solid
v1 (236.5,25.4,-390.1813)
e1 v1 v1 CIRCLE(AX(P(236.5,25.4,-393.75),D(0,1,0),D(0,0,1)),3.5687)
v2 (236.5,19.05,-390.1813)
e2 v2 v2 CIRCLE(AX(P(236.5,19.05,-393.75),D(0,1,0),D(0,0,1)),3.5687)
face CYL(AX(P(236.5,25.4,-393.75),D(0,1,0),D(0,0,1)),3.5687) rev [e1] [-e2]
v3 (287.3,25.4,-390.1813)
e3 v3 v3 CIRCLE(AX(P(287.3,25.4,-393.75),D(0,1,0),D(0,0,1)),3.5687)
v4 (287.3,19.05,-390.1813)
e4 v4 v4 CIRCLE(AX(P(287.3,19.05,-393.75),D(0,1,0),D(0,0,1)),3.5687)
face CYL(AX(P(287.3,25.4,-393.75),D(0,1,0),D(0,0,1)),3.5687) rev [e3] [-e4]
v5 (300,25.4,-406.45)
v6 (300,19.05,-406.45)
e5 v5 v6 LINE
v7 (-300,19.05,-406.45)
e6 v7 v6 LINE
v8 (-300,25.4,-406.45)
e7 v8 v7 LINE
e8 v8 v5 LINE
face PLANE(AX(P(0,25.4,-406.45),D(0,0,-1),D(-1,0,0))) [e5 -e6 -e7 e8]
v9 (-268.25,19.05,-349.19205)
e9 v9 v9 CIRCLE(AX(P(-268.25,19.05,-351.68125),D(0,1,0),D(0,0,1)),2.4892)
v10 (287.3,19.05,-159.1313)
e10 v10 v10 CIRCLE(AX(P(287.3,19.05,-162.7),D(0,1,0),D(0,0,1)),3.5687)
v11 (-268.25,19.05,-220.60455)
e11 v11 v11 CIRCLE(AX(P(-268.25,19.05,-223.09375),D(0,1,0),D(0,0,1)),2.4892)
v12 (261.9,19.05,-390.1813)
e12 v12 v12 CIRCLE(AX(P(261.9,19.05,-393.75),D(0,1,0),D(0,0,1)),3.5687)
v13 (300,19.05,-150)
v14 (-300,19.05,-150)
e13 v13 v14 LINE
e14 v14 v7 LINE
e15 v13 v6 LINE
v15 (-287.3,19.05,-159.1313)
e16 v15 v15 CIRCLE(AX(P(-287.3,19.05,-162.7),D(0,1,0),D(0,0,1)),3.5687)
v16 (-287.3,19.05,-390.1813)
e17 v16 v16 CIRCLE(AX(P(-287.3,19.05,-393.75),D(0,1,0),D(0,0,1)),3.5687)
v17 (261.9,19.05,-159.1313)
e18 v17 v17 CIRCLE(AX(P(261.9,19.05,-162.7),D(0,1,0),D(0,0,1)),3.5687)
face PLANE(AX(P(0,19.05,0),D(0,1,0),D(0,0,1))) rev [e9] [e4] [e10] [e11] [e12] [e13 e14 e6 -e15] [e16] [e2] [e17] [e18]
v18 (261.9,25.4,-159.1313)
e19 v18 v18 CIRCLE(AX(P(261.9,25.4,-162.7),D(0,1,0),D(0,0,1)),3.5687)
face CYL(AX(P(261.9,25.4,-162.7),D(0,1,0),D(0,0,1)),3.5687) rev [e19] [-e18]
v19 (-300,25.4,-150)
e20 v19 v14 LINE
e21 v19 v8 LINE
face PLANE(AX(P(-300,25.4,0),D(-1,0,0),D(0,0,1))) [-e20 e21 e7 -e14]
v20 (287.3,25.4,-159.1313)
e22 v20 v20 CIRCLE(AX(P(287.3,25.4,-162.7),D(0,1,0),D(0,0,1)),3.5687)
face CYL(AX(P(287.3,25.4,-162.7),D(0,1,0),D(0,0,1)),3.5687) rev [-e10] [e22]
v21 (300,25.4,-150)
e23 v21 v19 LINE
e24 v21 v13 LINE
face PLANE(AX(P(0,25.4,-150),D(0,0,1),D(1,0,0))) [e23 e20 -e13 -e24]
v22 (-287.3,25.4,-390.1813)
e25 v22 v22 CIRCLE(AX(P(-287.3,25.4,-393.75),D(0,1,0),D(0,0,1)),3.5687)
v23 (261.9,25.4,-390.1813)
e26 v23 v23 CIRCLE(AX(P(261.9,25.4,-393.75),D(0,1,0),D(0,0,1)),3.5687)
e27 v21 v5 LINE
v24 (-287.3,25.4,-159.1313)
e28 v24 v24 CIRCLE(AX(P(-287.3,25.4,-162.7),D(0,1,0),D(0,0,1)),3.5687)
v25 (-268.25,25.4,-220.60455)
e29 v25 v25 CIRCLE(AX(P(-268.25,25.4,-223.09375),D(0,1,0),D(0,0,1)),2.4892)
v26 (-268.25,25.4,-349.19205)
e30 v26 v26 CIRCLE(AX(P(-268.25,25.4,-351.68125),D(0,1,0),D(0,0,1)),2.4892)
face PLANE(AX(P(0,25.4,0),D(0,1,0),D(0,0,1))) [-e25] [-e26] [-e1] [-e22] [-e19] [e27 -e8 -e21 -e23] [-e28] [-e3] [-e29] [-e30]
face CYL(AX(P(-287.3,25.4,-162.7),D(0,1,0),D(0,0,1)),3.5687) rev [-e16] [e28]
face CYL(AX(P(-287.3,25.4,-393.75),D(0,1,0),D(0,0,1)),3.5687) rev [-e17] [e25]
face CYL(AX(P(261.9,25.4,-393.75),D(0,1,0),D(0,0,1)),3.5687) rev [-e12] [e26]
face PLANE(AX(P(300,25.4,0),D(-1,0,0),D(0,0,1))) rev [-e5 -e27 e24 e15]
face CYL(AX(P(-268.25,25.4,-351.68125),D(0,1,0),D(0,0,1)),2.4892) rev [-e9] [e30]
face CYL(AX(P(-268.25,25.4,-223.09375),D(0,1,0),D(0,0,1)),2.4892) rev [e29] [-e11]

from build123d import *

# Parameters (mm, degrees)
BOSS_EXTRUDE1_START              = 19.05
SKETCH2_W                        = 600
SKETCH2_H                        = 256.45
BOSS_EXTRUDE1_DEPTH              = 6.35
BOSS_EXTRUDE2_START              = 19.05
SKETCH2_4_W                      = 455.092
SKETCH2_4_H                      = 256.45
BOSS_EXTRUDE2_DEPTH              = 6.35
BOSS_EXTRUDE3_START              = 19.05
SKETCH2_5_W                      = 455.092
SKETCH2_5_H                      = 300
BOSS_EXTRUDE3_DEPTH              = 6.35
SKETCH8_W                        = 3.5687
SKETCH8_H                        = 6.35
F_1_4_CLEARANCE_HOLE2_AT_2_COUNT = 2
F_1_4_CLEARANCE_HOLE2_AT_2_PITCH = 231.05
F_1_4_CLEARANCE_HOLE2_AT_3_COUNT = 2
F_1_4_CLEARANCE_HOLE2_AT_3_PITCH = 595.822744195
F_1_4_CLEARANCE_HOLE2_AT_4_COUNT = 2
F_1_4_CLEARANCE_HOLE2_AT_4_PITCH = 619.31354135
F_1_4_CLEARANCE_HOLE2_AT_5_COUNT = 2
F_1_4_CLEARANCE_HOLE2_AT_5_PITCH = 523.8
F_1_4_CLEARANCE_HOLE2_AT_6_COUNT = 2
F_1_4_CLEARANCE_HOLE2_AT_6_PITCH = 549.2
F_1_4_CLEARANCE_HOLE2_AT_7_COUNT = 2
F_1_4_CLEARANCE_HOLE2_AT_7_PITCH = 574.6
SKETCH10_W                       = 3.5687
SKETCH10_H                       = 6.35
F_1_4_CLEARANCE_HOLE3_AT_2_COUNT = 2
F_1_4_CLEARANCE_HOLE3_AT_2_PITCH = 25.4
F_1_4_CLEARANCE_HOLE3_AT_3_COUNT = 2
F_1_4_CLEARANCE_HOLE3_AT_3_PITCH = 50.8
F_1_4_CLEARANCE_HOLE3_AT_4_COUNT = 2
F_1_4_CLEARANCE_HOLE3_AT_4_PITCH = 231.05
F_1_4_CLEARANCE_HOLE3_AT_5_COUNT = 2
F_1_4_CLEARANCE_HOLE3_AT_5_PITCH = 487.872234672
F_1_4_CLEARANCE_HOLE3_AT_6_COUNT = 2
F_1_4_CLEARANCE_HOLE3_AT_6_PITCH = 476.368698976
F_1_4_CLEARANCE_HOLE3_AT_7_COUNT = 2
F_1_4_CLEARANCE_HOLE3_AT_7_PITCH = 429.692
SKETCH12_W                       = 3.5687
SKETCH12_H                       = 6.35
F_1_4_CLEARANCE_HOLE4_AT_2_COUNT = 2
F_1_4_CLEARANCE_HOLE4_AT_2_PITCH = 25.4
F_1_4_CLEARANCE_HOLE4_AT_3_COUNT = 2
F_1_4_CLEARANCE_HOLE4_AT_3_PITCH = 249.2
F_1_4_CLEARANCE_HOLE4_AT_4_COUNT = 2
F_1_4_CLEARANCE_HOLE4_AT_4_PITCH = 496.725130091
F_1_4_CLEARANCE_HOLE4_AT_5_COUNT = 2
F_1_4_CLEARANCE_HOLE4_AT_5_PITCH = 429.692
F_1_4_CLEARANCE_HOLE4_AT_6_COUNT = 2
F_1_4_CLEARANCE_HOLE4_AT_6_PITCH = 430.442069115
SKETCH14_W                       = 2.4892
SKETCH14_H                       = 6.35
F_8_CLEARANCE_HOLE2_AT_2_COUNT   = 2
F_8_CLEARANCE_HOLE2_AT_2_PITCH   = 128.5875
SKETCH16_W                       = 2.4892
SKETCH16_H                       = 6.35
F_8_CLEARANCE_HOLE3_AT_2_COUNT   = 2
F_8_CLEARANCE_HOLE3_AT_2_PITCH   = 128.5875
SKETCH17_R                       = 3.5687
BOSS_EXTRUDE4_DEPTH              = 6.35
FILLET2_R                        = 6.35
SKETCH18_W                       = 152.4
SKETCH18_H                       = 25.4
SKETCH18_R                       = 3.5687
BOSS_EXTRUDE5_DEPTH              = 6.35
SKETCH19_W                       = 25.4
SKETCH19_H                       = 101.6
SKETCH19_R                       = 3.5687
BOSS_EXTRUDE6_DEPTH              = 6.35


with BuildPart() as part:
    # Sketch2 → Boss-Extrude1 (new body)
    with BuildSketch(Plane(origin=(0, 0, 0), x_dir=(1, 0, 0), z_dir=(0, 1, 0)).offset(BOSS_EXTRUDE1_START)):
        with Locations((0, 278.225)):
            Rectangle(SKETCH2_W, SKETCH2_H)
    extrude(amount=BOSS_EXTRUDE1_DEPTH)

    # Sketch8 → 1/4 Clearance Hole2 (revolve, cut)
    with BuildSketch(Plane(origin=(-287.3, 25.4, -393.75), x_dir=(0, 0, 1), z_dir=(1, 0, 0))):
        with Locations((1.78435, 3.175)):
            Rectangle(SKETCH8_W, SKETCH8_H)
    f_1_4_clearance_hole2 = revolve(axis=Axis((-287.3, 31.75, -393.75), (0, -1, 0)), mode=Mode.SUBTRACT)

    # 1/4 Clearance Hole2 at 2: 1/4 Clearance Hole2 ×2
    with Locations(*[(0, 0, i * F_1_4_CLEARANCE_HOLE2_AT_2_PITCH) for i in range(1, F_1_4_CLEARANCE_HOLE2_AT_2_COUNT)]):
        add(f_1_4_clearance_hole2, mode=Mode.SUBTRACT)

    # 1/4 Clearance Hole2 at 3: 1/4 Clearance Hole2 ×2
    with Locations(*[Vector(0.9217506470687957, 0, 0.3877831154501913) * (i * F_1_4_CLEARANCE_HOLE2_AT_3_PITCH) for i in range(1, F_1_4_CLEARANCE_HOLE2_AT_3_COUNT)]):
        add(f_1_4_clearance_hole2, mode=Mode.SUBTRACT)

    # 1/4 Clearance Hole2 at 4: 1/4 Clearance Hole2 ×2
    with Locations(*[Vector(0.9278014473041833, 0, 0.37307435502894426) * (i * F_1_4_CLEARANCE_HOLE2_AT_4_PITCH) for i in range(1, F_1_4_CLEARANCE_HOLE2_AT_4_COUNT)]):
        add(f_1_4_clearance_hole2, mode=Mode.SUBTRACT)

    # 1/4 Clearance Hole2 at 5: 1/4 Clearance Hole2 ×2
    with Locations(*[(i * F_1_4_CLEARANCE_HOLE2_AT_5_PITCH, 0, 0) for i in range(1, F_1_4_CLEARANCE_HOLE2_AT_5_COUNT)]):
        add(f_1_4_clearance_hole2, mode=Mode.SUBTRACT)

    # 1/4 Clearance Hole2 at 6: 1/4 Clearance Hole2 ×2
    with Locations(*[(i * F_1_4_CLEARANCE_HOLE2_AT_6_PITCH, 0, 0) for i in range(1, F_1_4_CLEARANCE_HOLE2_AT_6_COUNT)]):
        add(f_1_4_clearance_hole2, mode=Mode.SUBTRACT)

    # 1/4 Clearance Hole2 at 7: 1/4 Clearance Hole2 ×2
    with Locations(*[(i * F_1_4_CLEARANCE_HOLE2_AT_7_PITCH, 0, 0) for i in range(1, F_1_4_CLEARANCE_HOLE2_AT_7_COUNT)]):
        add(f_1_4_clearance_hole2, mode=Mode.SUBTRACT)

    # Sketch14 → #8 Clearance Hole2 (revolve, cut)
    with BuildSketch(Plane(origin=(-268.25, 25.4, -351.68125), x_dir=(0, 0, 1), z_dir=(1, 0, 0))):
        with Locations((1.2446, 3.175)):
            Rectangle(SKETCH14_W, SKETCH14_H)
    f_8_clearance_hole2 = revolve(axis=Axis((-268.25, 31.75, -351.68125), (0, -1, 0)), mode=Mode.SUBTRACT)

    # #8 Clearance Hole2 at 2: #8 Clearance Hole2 ×2
    with Locations(*[(0, 0, i * F_8_CLEARANCE_HOLE2_AT_2_PITCH) for i in range(1, F_8_CLEARANCE_HOLE2_AT_2_COUNT)]):
        add(f_8_clearance_hole2, mode=Mode.SUBTRACT)


with BuildPart() as body_2:
    # Sketch2<4> → Boss-Extrude2 (new body)
    with BuildSketch(Plane(origin=(0, 0, 0), x_dir=(1, 0, 0), z_dir=(0, 1, 0)).offset(BOSS_EXTRUDE2_START)):
        with Locations((527.546, 278.225)):
            Rectangle(SKETCH2_4_W, SKETCH2_4_H)
    extrude(amount=BOSS_EXTRUDE2_DEPTH)

    # Sketch10 → 1/4 Clearance Hole3 (revolve, cut)
    with BuildSketch(Plane(origin=(312.7, 25.4, -393.75), x_dir=(0, 0, 1), z_dir=(1, 0, 0))):
        with Locations((1.78435, 3.175)):
            Rectangle(SKETCH10_W, SKETCH10_H)
    f_1_4_clearance_hole3 = revolve(axis=Axis((312.7, 31.75, -393.75), (0, -1, 0)), mode=Mode.SUBTRACT)

    # 1/4 Clearance Hole3 at 2: 1/4 Clearance Hole3 ×2
    with Locations(*[(i * F_1_4_CLEARANCE_HOLE3_AT_2_PITCH, 0, 0) for i in range(1, F_1_4_CLEARANCE_HOLE3_AT_2_COUNT)]):
        add(f_1_4_clearance_hole3, mode=Mode.SUBTRACT)

    # 1/4 Clearance Hole3 at 3: 1/4 Clearance Hole3 ×2
    with Locations(*[(i * F_1_4_CLEARANCE_HOLE3_AT_3_PITCH, 0, 0) for i in range(1, F_1_4_CLEARANCE_HOLE3_AT_3_COUNT)]):
        add(f_1_4_clearance_hole3, mode=Mode.SUBTRACT)

    # 1/4 Clearance Hole3 at 4: 1/4 Clearance Hole3 ×2
    with Locations(*[(0, 0, i * F_1_4_CLEARANCE_HOLE3_AT_4_PITCH) for i in range(1, F_1_4_CLEARANCE_HOLE3_AT_4_COUNT)]):
        add(f_1_4_clearance_hole3, mode=Mode.SUBTRACT)

    # 1/4 Clearance Hole3 at 5: 1/4 Clearance Hole3 ×2
    with Locations(*[Vector(0.880746985506873, 0, 0.47358710658183684) * (i * F_1_4_CLEARANCE_HOLE3_AT_5_PITCH) for i in range(1, F_1_4_CLEARANCE_HOLE3_AT_5_COUNT)]):
        add(f_1_4_clearance_hole3, mode=Mode.SUBTRACT)

    # 1/4 Clearance Hole3 at 6: 1/4 Clearance Hole3 ×2
    with Locations(*[Vector(0.9020156045595491, 0, 0.4317034272866863) * (i * F_1_4_CLEARANCE_HOLE3_AT_6_PITCH) for i in range(1, F_1_4_CLEARANCE_HOLE3_AT_6_COUNT)]):
        add(f_1_4_clearance_hole3, mode=Mode.SUBTRACT)

    # 1/4 Clearance Hole3 at 7: 1/4 Clearance Hole3 ×2
    with Locations(*[(i * F_1_4_CLEARANCE_HOLE3_AT_7_PITCH, 0, 0) for i in range(1, F_1_4_CLEARANCE_HOLE3_AT_7_COUNT)]):
        add(f_1_4_clearance_hole3, mode=Mode.SUBTRACT)

    # Sketch16 → #8 Clearance Hole3 (revolve, cut)
    with BuildSketch(Plane(origin=(723.342, 25.4, -351.68125), x_dir=(0, 0, 1), z_dir=(1, 0, 0))):
        with Locations((1.2446, 3.175)):
            Rectangle(SKETCH16_W, SKETCH16_H)
    f_8_clearance_hole3 = revolve(axis=Axis((723.342, 31.75, -351.68125), (0, -1, 0)), mode=Mode.SUBTRACT)

    # #8 Clearance Hole3 at 2: #8 Clearance Hole3 ×2
    with Locations(*[(0, 0, i * F_8_CLEARANCE_HOLE3_AT_2_PITCH) for i in range(1, F_8_CLEARANCE_HOLE3_AT_2_COUNT)]):
        add(f_8_clearance_hole3, mode=Mode.SUBTRACT)


with BuildPart() as body_3:
    # Sketch2<5> → Boss-Extrude3 (new body)
    with BuildSketch(Plane(origin=(0, 0, 0), x_dir=(1, 0, 0), z_dir=(0, 1, 0)).offset(BOSS_EXTRUDE3_START)):
        with Locations((527.546, 0)):
            Rectangle(SKETCH2_5_W, SKETCH2_5_H)
    extrude(amount=BOSS_EXTRUDE3_DEPTH)

    # Sketch12 → 1/4 Clearance Hole4 (revolve, cut)
    with BuildSketch(Plane(origin=(312.7, 25.4, -111.9), x_dir=(0, 0, 1), z_dir=(1, 0, 0))):
        with Locations((1.78435, 3.175)):
            Rectangle(SKETCH12_W, SKETCH12_H)
    f_1_4_clearance_hole4 = revolve(axis=Axis((312.7, 31.75, -111.9), (0, -1, 0)), mode=Mode.SUBTRACT)

    # 1/4 Clearance Hole4 at 2: 1/4 Clearance Hole4 ×2
    with Locations(*[(0, 0, -i * F_1_4_CLEARANCE_HOLE4_AT_2_PITCH) for i in range(1, F_1_4_CLEARANCE_HOLE4_AT_2_COUNT)]):
        add(f_1_4_clearance_hole4, mode=Mode.SUBTRACT)

    # 1/4 Clearance Hole4 at 3: 1/4 Clearance Hole4 ×2
    with Locations(*[(0, 0, i * F_1_4_CLEARANCE_HOLE4_AT_3_PITCH) for i in range(1, F_1_4_CLEARANCE_HOLE4_AT_3_COUNT)]):
        add(f_1_4_clearance_hole4, mode=Mode.SUBTRACT)

    # 1/4 Clearance Hole4 at 4: 1/4 Clearance Hole4 ×2
    with Locations(*[Vector(0.865049851456502, 0, 0.5016859121951541) * (i * F_1_4_CLEARANCE_HOLE4_AT_4_PITCH) for i in range(1, F_1_4_CLEARANCE_HOLE4_AT_4_COUNT)]):
        add(f_1_4_clearance_hole4, mode=Mode.SUBTRACT)

    # 1/4 Clearance Hole4 at 5: 1/4 Clearance Hole4 ×2
    with Locations(*[(i * F_1_4_CLEARANCE_HOLE4_AT_5_PITCH, 0, 0) for i in range(1, F_1_4_CLEARANCE_HOLE4_AT_5_COUNT)]):
        add(f_1_4_clearance_hole4, mode=Mode.SUBTRACT)

    # 1/4 Clearance Hole4 at 6: 1/4 Clearance Hole4 ×2
    with Locations(*[Vector(0.998257444685787, 0, -0.05900910208944768) * (i * F_1_4_CLEARANCE_HOLE4_AT_6_PITCH) for i in range(1, F_1_4_CLEARANCE_HOLE4_AT_6_COUNT)]):
        add(f_1_4_clearance_hole4, mode=Mode.SUBTRACT)


with BuildPart() as body_4:
    # Sketch17 → Boss-Extrude4 (new body)
    with BuildSketch(Plane(origin=(0, 25.4, 0), x_dir=(1, 0, 0), z_dir=(0, 1, 0))):
        Polygon((249.2, 150), (249.2, 175.4), (325.4, 175.4), (325.4, 99.2), (300, 99.2), (300, 150), align=None)
        with Locations(Location((261.9, 162.7, 0), (0, 0, 270))):
            Circle(SKETCH17_R, mode=Mode.SUBTRACT)
        with Locations(Location((287.3, 162.7, 0), (0, 0, 270))):
            Circle(SKETCH17_R, mode=Mode.SUBTRACT)
        with Locations(Location((312.7, 162.7, 0), (0, 0, 270))):
            Circle(SKETCH17_R, mode=Mode.SUBTRACT)
        with Locations(Location((312.7, 137.3, 0), (0, 0, 270))):
            Circle(SKETCH17_R, mode=Mode.SUBTRACT)
        with Locations(Location((312.7, 111.9, 0), (0, 0, 270))):
            Circle(SKETCH17_R, mode=Mode.SUBTRACT)
    extrude(amount=BOSS_EXTRUDE4_DEPTH)

    # Fillet2
    fillet2_edges = [body_4.edges().sort_by_distance(p)[0] for p in [
        (249.2, 28.575, -150),
        (249.2, 28.575, -175.4),
        (325.4, 28.575, -175.4),
        (325.4, 28.575, -99.2),
        (300, 28.575, -99.2),
    ]]
    fillet(fillet2_edges, radius=FILLET2_R)


with BuildPart() as body_5:
    # Sketch18 → Boss-Extrude5 (new body)
    with BuildSketch(Plane(origin=(0, 25.4, 0), x_dir=(1, 0, 0), z_dir=(0, 1, 0))):
        with Locations((300, 393.75)):
            Rectangle(SKETCH18_W, SKETCH18_H)
        with Locations(Location((236.5, 393.75, 0), (0, 0, 270))):
            Circle(SKETCH18_R, mode=Mode.SUBTRACT)
        with Locations(Location((261.9, 393.75, 0), (0, 0, 270))):
            Circle(SKETCH18_R, mode=Mode.SUBTRACT)
        with Locations(Location((287.3, 393.75, 0), (0, 0, 270))):
            Circle(SKETCH18_R, mode=Mode.SUBTRACT)
        with Locations(Location((312.7, 393.75, 0), (0, 0, 270))):
            Circle(SKETCH18_R, mode=Mode.SUBTRACT)
        with Locations(Location((338.1, 393.75, 0), (0, 0, 270))):
            Circle(SKETCH18_R, mode=Mode.SUBTRACT)
        with Locations(Location((363.5, 393.75, 0), (0, 0, 270))):
            Circle(SKETCH18_R, mode=Mode.SUBTRACT)
    extrude(amount=BOSS_EXTRUDE5_DEPTH)


with BuildPart() as body_6:
    # Sketch19 → Boss-Extrude6 (new body)
    with BuildSketch(Plane(origin=(0, 25.4, 0), x_dir=(1, 0, 0), z_dir=(0, 1, 0))):
        with Locations((742.392, 150)):
            Rectangle(SKETCH19_W, SKETCH19_H)
        with Locations((742.392, 111.9)):
            Circle(SKETCH19_R, mode=Mode.SUBTRACT)
        with Locations((742.392, 137.3)):
            Circle(SKETCH19_R, mode=Mode.SUBTRACT)
        with Locations((742.392, 162.7)):
            Circle(SKETCH19_R, mode=Mode.SUBTRACT)
        with Locations((742.392, 188.1)):
            Circle(SKETCH19_R, mode=Mode.SUBTRACT)
    extrude(amount=BOSS_EXTRUDE6_DEPTH)


solid = part.part
